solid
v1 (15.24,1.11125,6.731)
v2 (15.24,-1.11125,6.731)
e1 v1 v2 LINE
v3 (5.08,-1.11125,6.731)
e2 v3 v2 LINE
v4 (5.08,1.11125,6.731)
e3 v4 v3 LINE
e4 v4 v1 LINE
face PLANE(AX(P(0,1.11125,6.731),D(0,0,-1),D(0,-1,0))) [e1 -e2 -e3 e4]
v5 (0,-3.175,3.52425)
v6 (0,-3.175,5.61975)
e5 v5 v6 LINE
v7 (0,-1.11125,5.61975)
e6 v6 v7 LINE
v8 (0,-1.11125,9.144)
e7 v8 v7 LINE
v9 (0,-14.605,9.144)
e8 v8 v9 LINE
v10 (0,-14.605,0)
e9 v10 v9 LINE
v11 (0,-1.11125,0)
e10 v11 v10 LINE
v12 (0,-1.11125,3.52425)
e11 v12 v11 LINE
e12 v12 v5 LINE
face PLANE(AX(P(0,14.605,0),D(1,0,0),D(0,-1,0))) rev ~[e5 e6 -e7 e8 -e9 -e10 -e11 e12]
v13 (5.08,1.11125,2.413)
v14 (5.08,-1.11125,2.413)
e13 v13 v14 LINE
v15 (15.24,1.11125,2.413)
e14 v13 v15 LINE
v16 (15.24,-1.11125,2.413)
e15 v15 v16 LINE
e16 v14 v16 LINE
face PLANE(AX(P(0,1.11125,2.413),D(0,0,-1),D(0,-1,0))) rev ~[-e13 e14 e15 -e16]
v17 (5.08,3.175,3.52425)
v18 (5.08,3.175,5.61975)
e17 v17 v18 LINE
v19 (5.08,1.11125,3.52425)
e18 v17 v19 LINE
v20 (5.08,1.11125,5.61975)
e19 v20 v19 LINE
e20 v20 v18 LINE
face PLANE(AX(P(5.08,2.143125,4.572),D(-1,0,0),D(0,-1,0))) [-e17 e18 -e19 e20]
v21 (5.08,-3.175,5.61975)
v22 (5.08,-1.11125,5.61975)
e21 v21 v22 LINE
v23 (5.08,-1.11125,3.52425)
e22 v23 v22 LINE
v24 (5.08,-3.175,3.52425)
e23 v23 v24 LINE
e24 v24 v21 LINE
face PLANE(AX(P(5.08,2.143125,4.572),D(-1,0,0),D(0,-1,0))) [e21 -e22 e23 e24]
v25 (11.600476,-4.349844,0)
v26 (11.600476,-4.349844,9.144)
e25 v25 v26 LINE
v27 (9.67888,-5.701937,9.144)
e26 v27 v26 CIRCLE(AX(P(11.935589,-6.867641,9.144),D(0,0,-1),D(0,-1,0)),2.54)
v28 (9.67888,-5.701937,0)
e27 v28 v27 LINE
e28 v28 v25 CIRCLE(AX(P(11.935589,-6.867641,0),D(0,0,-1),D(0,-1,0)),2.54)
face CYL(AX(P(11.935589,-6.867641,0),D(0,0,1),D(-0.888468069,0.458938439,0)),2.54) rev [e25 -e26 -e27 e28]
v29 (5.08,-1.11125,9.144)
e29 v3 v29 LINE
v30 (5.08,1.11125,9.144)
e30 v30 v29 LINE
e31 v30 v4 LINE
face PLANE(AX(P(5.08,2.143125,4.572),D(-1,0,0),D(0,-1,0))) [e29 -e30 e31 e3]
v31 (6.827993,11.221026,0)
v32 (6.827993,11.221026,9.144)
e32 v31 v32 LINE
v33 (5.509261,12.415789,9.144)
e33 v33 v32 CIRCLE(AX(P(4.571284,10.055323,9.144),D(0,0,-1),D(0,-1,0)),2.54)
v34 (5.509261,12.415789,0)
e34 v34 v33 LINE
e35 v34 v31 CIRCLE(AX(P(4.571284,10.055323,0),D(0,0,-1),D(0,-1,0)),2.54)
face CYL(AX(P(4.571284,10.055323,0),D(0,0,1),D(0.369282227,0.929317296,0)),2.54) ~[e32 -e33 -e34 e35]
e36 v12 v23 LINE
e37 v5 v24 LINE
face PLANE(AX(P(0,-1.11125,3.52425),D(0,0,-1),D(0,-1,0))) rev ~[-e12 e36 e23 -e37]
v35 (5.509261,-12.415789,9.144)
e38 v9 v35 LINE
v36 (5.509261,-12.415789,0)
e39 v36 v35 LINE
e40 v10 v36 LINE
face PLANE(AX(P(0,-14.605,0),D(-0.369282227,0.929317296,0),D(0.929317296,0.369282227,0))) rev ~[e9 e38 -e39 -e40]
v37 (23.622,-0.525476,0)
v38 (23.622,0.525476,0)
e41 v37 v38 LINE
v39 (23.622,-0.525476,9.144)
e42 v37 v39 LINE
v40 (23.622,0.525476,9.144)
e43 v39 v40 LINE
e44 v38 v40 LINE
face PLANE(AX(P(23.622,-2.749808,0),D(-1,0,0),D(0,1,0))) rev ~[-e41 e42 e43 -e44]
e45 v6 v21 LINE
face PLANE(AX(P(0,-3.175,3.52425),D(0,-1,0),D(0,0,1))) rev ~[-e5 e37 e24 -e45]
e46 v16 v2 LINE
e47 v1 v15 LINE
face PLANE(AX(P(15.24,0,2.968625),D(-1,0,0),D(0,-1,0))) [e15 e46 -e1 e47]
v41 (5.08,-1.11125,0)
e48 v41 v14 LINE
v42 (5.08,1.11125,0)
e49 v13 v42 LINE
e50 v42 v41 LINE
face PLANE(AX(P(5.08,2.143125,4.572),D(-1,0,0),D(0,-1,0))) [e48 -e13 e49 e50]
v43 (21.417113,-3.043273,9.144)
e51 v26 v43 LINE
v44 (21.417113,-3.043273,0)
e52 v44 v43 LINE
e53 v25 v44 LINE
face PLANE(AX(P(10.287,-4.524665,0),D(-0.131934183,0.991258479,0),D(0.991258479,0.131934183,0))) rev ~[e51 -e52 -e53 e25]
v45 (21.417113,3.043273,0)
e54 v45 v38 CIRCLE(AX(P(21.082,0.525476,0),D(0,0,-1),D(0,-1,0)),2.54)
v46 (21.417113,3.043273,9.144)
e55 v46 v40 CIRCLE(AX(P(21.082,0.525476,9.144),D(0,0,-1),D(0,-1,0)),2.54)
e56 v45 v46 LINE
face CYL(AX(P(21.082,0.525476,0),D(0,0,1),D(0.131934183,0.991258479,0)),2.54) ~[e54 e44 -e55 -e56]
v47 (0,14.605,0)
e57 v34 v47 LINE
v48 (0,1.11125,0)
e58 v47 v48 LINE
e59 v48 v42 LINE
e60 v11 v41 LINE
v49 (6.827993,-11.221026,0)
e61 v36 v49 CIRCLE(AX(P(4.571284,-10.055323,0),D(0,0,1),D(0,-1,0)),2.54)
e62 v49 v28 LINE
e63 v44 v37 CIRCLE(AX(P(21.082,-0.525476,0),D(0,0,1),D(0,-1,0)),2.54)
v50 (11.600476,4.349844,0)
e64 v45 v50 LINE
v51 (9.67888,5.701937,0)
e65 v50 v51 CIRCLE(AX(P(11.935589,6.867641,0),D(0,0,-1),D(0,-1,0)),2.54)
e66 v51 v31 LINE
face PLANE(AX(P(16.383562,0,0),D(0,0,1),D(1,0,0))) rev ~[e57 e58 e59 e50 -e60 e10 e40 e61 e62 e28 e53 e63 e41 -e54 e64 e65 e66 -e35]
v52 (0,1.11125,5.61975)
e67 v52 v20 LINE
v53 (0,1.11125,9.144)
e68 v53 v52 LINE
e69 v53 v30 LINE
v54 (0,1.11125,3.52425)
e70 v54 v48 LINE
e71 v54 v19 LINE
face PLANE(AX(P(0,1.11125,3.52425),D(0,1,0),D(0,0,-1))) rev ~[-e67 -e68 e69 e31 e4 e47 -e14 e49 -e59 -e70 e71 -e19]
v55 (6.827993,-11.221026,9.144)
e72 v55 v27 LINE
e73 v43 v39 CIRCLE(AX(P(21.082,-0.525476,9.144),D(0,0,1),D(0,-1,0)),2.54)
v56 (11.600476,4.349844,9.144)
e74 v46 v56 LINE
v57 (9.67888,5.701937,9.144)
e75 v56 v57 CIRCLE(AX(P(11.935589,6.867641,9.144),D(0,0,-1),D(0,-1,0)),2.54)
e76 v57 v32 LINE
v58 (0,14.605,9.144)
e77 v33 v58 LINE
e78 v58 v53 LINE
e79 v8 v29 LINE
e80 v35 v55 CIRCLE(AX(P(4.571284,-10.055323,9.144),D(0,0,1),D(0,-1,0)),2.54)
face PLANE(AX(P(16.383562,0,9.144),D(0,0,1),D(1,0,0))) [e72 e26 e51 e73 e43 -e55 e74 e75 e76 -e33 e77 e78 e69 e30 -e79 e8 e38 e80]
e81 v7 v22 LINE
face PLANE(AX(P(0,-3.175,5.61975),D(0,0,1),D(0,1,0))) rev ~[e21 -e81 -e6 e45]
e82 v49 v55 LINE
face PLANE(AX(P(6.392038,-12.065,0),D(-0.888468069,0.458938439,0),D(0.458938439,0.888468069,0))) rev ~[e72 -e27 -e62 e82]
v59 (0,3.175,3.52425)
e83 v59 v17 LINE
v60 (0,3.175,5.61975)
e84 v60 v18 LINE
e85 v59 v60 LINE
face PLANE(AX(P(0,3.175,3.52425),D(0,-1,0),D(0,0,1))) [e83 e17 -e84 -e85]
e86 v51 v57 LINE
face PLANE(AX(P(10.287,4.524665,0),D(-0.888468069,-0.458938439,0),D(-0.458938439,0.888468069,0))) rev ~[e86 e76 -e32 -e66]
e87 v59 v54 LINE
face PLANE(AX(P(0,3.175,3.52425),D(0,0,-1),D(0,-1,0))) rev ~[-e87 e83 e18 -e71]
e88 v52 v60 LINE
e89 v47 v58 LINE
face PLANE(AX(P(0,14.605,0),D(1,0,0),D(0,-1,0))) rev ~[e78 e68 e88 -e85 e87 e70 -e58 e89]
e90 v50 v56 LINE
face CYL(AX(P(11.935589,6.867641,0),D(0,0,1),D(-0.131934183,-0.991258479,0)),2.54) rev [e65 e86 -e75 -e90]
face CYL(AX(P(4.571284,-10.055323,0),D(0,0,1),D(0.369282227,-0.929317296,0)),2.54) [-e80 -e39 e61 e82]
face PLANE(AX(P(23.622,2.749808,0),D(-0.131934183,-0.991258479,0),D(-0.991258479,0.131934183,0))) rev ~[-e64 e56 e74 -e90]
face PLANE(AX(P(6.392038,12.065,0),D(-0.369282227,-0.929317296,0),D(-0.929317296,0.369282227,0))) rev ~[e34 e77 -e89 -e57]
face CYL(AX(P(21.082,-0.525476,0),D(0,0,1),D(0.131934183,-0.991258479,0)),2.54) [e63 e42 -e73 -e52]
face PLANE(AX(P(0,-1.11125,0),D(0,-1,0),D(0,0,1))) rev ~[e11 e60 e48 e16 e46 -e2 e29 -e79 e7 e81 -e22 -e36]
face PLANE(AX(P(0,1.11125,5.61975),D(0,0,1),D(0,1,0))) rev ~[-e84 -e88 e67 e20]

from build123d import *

# Parameters (mm, degrees)
F1_DEPTH = 9.144
F2_W     = 2.06375
F2_H     = 2.0955
F2_W_2   = 2.2225
F2_H_2   = 1.11125
F2_H_3   = 2.413
F3_DEPTH = 5.08
F4_DEPTH = 15.24
F5_R     = 2.54


with BuildPart() as f1:
    # F0 (on Top) → F1 (new body)
    with BuildSketch(Plane.XY):
        Polygon((23.622, 2.749807667), (10.287, 4.5246649534), (10.287, -4.5246649534), (23.622, -2.749807667), align=None)
        Polygon((6.3920377387, 12.065), (0, 14.605), (0, -14.605), (6.3920377387, -12.065), (10.287, -4.5246649534), (10.287, 4.5246649534), align=None)
    extrude(amount=F1_DEPTH)

    # F2 (on face) → F3 (cut)
    with BuildSketch(Plane(origin=(0, 0, 0), x_dir=(0, -1, 0), z_dir=(-1, 0, 0))):
        with Locations((-2.143125, 4.572)):
            Rectangle(F2_W, F2_H)
        with Locations((0, 4.572)):
            Rectangle(F2_W_2, F2_H)
        with Locations((0, 2.968625)):
            Rectangle(F2_W_2, F2_H_2)
        with Locations((2.143125, 4.572)):
            Rectangle(F2_W, F2_H)
        with Locations((0, 6.175375)):
            Rectangle(F2_W_2, F2_H_2)
        with Locations((0, 1.2065)):
            Rectangle(F2_W_2, F2_H_3)
        with Locations((0, 7.9375)):
            Rectangle(F2_W_2, F2_H_3)
    extrude(amount=-F3_DEPTH, mode=Mode.SUBTRACT)

    # F2 (on face) → F4 (cut)
    with BuildSketch(Plane(origin=(0, 0, 0), x_dir=(0, -1, 0), z_dir=(-1, 0, 0))):
        with Locations((0, 2.968625)):
            Rectangle(F2_W_2, F2_H_2)
        with Locations((0, 4.572)):
            Rectangle(F2_W_2, F2_H)
        with Locations((0, 6.175375)):
            Rectangle(F2_W_2, F2_H_2)
    extrude(amount=-F4_DEPTH, mode=Mode.SUBTRACT)

    # F5
    f5_edges = [f1.edges().sort_by_distance(p)[0] for p in [
        (23.622, 2.749808, 4.572),
        (23.622, -2.749808, 4.572),
        (10.287, 4.524665, 4.572),
        (6.392038, 12.065, 4.572),
        (10.287, -4.524665, 4.572),
        (6.392038, -12.065, 4.572),
    ]]
    fillet(f5_edges, radius=F5_R)


solid = f1.part
